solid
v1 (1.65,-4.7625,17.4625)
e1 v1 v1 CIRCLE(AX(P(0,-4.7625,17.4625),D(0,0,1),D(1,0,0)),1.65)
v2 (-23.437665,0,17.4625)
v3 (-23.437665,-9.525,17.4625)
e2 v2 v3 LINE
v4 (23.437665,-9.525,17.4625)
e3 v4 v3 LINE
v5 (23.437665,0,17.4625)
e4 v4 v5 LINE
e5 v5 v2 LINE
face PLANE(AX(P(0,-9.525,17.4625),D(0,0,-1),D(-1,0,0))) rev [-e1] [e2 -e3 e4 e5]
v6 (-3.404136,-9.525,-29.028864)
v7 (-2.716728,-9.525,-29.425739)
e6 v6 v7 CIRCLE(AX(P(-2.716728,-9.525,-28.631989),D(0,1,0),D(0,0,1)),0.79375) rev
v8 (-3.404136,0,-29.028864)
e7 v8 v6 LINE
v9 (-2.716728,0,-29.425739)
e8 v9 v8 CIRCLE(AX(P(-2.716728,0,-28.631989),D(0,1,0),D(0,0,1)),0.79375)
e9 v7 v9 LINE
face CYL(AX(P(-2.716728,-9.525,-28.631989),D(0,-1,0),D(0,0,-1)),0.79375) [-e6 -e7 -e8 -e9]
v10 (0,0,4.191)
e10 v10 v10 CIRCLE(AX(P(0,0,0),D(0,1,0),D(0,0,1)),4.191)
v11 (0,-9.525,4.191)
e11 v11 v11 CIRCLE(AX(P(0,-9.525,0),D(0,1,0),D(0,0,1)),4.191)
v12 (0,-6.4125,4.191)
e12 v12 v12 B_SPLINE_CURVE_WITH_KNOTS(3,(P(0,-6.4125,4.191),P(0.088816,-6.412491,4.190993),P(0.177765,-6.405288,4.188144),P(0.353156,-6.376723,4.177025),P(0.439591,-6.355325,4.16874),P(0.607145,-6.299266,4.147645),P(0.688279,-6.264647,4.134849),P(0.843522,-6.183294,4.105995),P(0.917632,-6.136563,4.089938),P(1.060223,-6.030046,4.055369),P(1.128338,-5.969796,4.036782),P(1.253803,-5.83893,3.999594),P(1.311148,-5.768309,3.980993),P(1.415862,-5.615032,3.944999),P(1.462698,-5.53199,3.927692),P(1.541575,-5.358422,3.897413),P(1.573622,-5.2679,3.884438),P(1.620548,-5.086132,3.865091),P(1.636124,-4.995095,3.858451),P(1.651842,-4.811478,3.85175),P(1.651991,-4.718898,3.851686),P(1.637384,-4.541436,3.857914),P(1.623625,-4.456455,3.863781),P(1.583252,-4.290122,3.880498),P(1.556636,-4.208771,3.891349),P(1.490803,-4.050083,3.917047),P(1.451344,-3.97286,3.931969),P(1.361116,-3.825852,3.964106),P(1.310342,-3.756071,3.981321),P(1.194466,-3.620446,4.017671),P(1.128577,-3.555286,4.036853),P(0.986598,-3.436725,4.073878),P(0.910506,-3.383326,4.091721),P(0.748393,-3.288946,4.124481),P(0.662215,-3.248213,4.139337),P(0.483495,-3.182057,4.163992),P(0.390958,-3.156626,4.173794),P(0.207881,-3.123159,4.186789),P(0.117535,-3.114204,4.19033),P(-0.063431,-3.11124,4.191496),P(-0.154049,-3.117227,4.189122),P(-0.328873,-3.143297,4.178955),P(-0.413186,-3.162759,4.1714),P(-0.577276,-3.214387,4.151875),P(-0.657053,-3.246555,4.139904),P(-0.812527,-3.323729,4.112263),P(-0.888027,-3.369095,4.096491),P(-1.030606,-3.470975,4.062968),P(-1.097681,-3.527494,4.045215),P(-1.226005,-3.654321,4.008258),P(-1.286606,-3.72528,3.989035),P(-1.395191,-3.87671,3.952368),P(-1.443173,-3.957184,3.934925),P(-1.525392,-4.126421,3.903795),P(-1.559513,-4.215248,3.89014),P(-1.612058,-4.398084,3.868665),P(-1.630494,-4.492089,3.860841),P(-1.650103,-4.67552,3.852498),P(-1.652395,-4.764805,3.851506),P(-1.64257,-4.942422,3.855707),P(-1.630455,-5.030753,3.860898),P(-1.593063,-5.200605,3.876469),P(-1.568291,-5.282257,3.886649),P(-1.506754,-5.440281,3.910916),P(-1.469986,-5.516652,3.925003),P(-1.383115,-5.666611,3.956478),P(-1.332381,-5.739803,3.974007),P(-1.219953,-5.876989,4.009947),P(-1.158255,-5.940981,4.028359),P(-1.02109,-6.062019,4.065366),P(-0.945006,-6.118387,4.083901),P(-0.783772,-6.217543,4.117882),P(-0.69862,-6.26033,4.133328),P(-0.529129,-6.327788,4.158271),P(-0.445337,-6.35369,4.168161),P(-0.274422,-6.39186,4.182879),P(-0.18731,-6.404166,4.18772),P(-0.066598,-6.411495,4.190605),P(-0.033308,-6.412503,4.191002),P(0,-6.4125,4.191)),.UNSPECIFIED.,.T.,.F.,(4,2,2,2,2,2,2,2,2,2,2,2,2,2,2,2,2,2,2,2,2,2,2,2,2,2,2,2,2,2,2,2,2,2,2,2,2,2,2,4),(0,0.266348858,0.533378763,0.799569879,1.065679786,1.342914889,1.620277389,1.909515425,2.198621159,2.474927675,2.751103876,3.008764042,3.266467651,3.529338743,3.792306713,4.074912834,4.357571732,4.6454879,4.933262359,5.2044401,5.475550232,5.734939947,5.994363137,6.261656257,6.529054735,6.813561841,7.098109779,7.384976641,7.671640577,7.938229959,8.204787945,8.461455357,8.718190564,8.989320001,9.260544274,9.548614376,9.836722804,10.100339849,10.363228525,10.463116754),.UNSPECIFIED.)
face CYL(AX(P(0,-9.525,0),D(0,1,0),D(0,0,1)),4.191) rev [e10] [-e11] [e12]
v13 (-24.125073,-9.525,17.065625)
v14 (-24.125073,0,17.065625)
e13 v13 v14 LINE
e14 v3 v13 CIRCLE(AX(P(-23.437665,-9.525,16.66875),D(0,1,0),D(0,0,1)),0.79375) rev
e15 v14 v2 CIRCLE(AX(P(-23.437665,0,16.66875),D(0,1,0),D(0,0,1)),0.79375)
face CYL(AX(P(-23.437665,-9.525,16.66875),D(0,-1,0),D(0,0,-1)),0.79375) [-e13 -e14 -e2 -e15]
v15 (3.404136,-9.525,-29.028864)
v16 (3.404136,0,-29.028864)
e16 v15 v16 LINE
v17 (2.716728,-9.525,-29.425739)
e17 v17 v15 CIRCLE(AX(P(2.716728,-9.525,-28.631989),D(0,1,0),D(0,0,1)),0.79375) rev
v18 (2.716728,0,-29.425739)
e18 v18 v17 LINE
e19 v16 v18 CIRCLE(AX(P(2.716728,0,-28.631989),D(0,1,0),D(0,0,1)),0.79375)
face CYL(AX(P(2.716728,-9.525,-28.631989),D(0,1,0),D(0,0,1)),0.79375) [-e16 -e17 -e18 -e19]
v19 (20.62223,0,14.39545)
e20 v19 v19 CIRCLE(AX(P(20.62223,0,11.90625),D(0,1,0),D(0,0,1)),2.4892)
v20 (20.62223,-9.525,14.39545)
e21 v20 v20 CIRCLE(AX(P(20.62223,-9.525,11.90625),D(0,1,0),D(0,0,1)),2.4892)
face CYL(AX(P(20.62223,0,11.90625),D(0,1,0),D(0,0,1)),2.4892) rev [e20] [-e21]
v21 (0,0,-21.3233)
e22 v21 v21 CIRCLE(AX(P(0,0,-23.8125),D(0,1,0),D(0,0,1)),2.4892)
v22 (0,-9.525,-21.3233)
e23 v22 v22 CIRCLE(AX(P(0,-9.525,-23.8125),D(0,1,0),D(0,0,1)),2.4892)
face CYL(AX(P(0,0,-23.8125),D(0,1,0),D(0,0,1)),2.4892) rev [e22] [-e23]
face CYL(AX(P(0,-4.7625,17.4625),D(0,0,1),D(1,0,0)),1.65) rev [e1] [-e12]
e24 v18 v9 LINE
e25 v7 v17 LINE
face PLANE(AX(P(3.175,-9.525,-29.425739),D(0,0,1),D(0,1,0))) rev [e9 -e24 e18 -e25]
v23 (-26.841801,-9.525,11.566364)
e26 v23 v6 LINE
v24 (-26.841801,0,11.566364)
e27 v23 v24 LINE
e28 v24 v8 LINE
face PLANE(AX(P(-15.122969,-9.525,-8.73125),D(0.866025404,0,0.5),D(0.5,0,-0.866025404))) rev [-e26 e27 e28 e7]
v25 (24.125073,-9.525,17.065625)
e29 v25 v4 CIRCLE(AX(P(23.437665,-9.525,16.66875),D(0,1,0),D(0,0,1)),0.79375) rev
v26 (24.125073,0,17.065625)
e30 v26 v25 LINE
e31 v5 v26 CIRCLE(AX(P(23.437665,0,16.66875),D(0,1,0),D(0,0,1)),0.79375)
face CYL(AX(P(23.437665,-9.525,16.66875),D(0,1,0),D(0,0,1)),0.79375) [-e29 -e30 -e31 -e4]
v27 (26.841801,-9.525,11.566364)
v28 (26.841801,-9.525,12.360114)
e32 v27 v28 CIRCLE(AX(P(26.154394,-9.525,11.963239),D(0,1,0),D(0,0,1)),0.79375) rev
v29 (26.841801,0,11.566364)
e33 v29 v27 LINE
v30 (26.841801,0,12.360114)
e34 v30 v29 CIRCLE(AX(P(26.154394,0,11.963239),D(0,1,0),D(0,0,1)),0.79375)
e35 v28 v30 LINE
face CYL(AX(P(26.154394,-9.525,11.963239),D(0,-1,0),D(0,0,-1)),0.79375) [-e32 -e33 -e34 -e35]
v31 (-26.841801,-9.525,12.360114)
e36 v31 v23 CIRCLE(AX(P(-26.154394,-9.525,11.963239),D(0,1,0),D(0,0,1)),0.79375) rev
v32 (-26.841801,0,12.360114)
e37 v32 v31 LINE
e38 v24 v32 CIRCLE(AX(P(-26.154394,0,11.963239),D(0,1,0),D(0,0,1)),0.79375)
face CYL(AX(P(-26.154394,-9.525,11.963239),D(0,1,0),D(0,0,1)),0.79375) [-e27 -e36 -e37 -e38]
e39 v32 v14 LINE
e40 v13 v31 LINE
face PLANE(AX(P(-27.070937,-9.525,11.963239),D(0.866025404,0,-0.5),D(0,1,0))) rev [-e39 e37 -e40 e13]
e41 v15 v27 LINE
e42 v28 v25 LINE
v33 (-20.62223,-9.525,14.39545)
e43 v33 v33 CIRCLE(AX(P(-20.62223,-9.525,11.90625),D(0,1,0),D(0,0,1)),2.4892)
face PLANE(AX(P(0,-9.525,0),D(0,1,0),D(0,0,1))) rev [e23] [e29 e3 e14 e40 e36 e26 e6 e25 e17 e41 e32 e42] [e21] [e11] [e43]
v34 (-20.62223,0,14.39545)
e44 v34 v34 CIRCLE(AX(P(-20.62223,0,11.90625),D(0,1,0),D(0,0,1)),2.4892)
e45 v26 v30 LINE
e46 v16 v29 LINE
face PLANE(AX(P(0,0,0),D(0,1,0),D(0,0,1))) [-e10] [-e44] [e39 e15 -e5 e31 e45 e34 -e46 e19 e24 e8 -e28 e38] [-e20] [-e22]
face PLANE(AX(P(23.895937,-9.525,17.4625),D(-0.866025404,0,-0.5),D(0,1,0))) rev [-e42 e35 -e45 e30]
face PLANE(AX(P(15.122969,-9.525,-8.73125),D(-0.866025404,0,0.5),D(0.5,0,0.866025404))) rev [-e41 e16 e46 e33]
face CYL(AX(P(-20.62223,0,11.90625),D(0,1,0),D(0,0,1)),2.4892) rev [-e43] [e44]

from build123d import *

# Parameters (mm, degrees)
SKETCH1_R                        = 4.191
BOSS_EXTRUDE1_DEPTH              = 9.525
F_10_CLEARANCE_HOLE1_D           = 4.9784
TAP_DRILL_FOR_M4X0_7_TAP1_REACH  = 62.679
TAP_DRILL_FOR_M4X0_7_TAP1_BORE_R = 1.65
CHAMFER1_SIZE                    = 6.35
CHAMFER1_EDGE_2_SIZE             = 6.35
CHAMFER1_EDGE_3_SIZE             = 6.35
FILLET2_R                        = 0.79375


with BuildPart() as part:
    # Sketch1 → Boss-Extrude1 (new body)
    with BuildSketch(Plane(origin=(0, 0, 0), x_dir=(1, 0, 0), z_dir=(0, 1, 0))):
        Polygon((0, 34.925), (30.245937227, -17.4625), (-30.245937227, -17.4625), align=None)
        with Locations(Location((0, 0, 0), (0, 0, 270))):
            Circle(SKETCH1_R, mode=Mode.SUBTRACT)
    extrude(amount=-BOSS_EXTRUDE1_DEPTH)

    # #10 Clearance Hole1 (through all)
    with Locations(Plane(origin=(0, 0, -23.8125), x_dir=(0, 0, 1), z_dir=(0, 1, 0))):
        with Locations((0, 0), (35.71875, 20.622229928), (35.71875, -20.622229928)):
            Hole(F_10_CLEARANCE_HOLE1_D / 2)

    # Tap Drill for M4x0.7 Tap1 bore (on position points) → Tap Drill for M4x0.7 Tap1 (cut, up to next)
    with BuildSketch(Plane(origin=(0, -4.7625, 17.4625), x_dir=(1, 0, 0), z_dir=(0, 0, 1)), mode=Mode.PRIVATE) as tap_drill_for_m4x0_7_tap1_sk1:
        Circle(TAP_DRILL_FOR_M4X0_7_TAP1_BORE_R)
    tap_drill_for_m4x0_7_tap1_tool1 = extrude(tap_drill_for_m4x0_7_tap1_sk1.sketch, amount=-TAP_DRILL_FOR_M4X0_7_TAP1_REACH, mode=Mode.PRIVATE) & part.part
    add(tap_drill_for_m4x0_7_tap1_tool1.solids().sort_by_distance((0, -4.7625, 17.4625))[0], mode=Mode.SUBTRACT)

    # Chamfer1
    chamfer1_edges = [part.edges().sort_by_distance(p)[0] for p in [
        (0, -4.7625, -34.925),
    ]]
    chamfer(chamfer1_edges, length=CHAMFER1_SIZE)

    # Chamfer1 edge 2
    chamfer1_edge_2_edges = [part.edges().sort_by_distance(p)[0] for p in [
        (30.245937227, -4.7625, 17.4625),
    ]]
    chamfer(chamfer1_edge_2_edges, length=CHAMFER1_EDGE_2_SIZE)

    # Chamfer1 edge 3
    chamfer1_edge_3_edges = [part.edges().sort_by_distance(p)[0] for p in [
        (-30.245937227, -4.7625, 17.4625),
    ]]
    chamfer(chamfer1_edge_3_edges, length=CHAMFER1_EDGE_3_SIZE)

    # Fillet2
    fillet2_edges = [part.edges().sort_by_distance(p)[0] for p in [
        (-3.175, -4.7625, -29.425738686),
        (-27.070937227, -4.7625, 11.963238686),
        (23.895937227, -4.7625, 17.4625),
        (-23.895937227, -4.7625, 17.4625),
        (3.175, -4.7625, -29.425738686),
        (27.070937227, -4.7625, 11.963238686),
    ]]
    fillet(fillet2_edges, radius=FILLET2_R)


solid = part.part
